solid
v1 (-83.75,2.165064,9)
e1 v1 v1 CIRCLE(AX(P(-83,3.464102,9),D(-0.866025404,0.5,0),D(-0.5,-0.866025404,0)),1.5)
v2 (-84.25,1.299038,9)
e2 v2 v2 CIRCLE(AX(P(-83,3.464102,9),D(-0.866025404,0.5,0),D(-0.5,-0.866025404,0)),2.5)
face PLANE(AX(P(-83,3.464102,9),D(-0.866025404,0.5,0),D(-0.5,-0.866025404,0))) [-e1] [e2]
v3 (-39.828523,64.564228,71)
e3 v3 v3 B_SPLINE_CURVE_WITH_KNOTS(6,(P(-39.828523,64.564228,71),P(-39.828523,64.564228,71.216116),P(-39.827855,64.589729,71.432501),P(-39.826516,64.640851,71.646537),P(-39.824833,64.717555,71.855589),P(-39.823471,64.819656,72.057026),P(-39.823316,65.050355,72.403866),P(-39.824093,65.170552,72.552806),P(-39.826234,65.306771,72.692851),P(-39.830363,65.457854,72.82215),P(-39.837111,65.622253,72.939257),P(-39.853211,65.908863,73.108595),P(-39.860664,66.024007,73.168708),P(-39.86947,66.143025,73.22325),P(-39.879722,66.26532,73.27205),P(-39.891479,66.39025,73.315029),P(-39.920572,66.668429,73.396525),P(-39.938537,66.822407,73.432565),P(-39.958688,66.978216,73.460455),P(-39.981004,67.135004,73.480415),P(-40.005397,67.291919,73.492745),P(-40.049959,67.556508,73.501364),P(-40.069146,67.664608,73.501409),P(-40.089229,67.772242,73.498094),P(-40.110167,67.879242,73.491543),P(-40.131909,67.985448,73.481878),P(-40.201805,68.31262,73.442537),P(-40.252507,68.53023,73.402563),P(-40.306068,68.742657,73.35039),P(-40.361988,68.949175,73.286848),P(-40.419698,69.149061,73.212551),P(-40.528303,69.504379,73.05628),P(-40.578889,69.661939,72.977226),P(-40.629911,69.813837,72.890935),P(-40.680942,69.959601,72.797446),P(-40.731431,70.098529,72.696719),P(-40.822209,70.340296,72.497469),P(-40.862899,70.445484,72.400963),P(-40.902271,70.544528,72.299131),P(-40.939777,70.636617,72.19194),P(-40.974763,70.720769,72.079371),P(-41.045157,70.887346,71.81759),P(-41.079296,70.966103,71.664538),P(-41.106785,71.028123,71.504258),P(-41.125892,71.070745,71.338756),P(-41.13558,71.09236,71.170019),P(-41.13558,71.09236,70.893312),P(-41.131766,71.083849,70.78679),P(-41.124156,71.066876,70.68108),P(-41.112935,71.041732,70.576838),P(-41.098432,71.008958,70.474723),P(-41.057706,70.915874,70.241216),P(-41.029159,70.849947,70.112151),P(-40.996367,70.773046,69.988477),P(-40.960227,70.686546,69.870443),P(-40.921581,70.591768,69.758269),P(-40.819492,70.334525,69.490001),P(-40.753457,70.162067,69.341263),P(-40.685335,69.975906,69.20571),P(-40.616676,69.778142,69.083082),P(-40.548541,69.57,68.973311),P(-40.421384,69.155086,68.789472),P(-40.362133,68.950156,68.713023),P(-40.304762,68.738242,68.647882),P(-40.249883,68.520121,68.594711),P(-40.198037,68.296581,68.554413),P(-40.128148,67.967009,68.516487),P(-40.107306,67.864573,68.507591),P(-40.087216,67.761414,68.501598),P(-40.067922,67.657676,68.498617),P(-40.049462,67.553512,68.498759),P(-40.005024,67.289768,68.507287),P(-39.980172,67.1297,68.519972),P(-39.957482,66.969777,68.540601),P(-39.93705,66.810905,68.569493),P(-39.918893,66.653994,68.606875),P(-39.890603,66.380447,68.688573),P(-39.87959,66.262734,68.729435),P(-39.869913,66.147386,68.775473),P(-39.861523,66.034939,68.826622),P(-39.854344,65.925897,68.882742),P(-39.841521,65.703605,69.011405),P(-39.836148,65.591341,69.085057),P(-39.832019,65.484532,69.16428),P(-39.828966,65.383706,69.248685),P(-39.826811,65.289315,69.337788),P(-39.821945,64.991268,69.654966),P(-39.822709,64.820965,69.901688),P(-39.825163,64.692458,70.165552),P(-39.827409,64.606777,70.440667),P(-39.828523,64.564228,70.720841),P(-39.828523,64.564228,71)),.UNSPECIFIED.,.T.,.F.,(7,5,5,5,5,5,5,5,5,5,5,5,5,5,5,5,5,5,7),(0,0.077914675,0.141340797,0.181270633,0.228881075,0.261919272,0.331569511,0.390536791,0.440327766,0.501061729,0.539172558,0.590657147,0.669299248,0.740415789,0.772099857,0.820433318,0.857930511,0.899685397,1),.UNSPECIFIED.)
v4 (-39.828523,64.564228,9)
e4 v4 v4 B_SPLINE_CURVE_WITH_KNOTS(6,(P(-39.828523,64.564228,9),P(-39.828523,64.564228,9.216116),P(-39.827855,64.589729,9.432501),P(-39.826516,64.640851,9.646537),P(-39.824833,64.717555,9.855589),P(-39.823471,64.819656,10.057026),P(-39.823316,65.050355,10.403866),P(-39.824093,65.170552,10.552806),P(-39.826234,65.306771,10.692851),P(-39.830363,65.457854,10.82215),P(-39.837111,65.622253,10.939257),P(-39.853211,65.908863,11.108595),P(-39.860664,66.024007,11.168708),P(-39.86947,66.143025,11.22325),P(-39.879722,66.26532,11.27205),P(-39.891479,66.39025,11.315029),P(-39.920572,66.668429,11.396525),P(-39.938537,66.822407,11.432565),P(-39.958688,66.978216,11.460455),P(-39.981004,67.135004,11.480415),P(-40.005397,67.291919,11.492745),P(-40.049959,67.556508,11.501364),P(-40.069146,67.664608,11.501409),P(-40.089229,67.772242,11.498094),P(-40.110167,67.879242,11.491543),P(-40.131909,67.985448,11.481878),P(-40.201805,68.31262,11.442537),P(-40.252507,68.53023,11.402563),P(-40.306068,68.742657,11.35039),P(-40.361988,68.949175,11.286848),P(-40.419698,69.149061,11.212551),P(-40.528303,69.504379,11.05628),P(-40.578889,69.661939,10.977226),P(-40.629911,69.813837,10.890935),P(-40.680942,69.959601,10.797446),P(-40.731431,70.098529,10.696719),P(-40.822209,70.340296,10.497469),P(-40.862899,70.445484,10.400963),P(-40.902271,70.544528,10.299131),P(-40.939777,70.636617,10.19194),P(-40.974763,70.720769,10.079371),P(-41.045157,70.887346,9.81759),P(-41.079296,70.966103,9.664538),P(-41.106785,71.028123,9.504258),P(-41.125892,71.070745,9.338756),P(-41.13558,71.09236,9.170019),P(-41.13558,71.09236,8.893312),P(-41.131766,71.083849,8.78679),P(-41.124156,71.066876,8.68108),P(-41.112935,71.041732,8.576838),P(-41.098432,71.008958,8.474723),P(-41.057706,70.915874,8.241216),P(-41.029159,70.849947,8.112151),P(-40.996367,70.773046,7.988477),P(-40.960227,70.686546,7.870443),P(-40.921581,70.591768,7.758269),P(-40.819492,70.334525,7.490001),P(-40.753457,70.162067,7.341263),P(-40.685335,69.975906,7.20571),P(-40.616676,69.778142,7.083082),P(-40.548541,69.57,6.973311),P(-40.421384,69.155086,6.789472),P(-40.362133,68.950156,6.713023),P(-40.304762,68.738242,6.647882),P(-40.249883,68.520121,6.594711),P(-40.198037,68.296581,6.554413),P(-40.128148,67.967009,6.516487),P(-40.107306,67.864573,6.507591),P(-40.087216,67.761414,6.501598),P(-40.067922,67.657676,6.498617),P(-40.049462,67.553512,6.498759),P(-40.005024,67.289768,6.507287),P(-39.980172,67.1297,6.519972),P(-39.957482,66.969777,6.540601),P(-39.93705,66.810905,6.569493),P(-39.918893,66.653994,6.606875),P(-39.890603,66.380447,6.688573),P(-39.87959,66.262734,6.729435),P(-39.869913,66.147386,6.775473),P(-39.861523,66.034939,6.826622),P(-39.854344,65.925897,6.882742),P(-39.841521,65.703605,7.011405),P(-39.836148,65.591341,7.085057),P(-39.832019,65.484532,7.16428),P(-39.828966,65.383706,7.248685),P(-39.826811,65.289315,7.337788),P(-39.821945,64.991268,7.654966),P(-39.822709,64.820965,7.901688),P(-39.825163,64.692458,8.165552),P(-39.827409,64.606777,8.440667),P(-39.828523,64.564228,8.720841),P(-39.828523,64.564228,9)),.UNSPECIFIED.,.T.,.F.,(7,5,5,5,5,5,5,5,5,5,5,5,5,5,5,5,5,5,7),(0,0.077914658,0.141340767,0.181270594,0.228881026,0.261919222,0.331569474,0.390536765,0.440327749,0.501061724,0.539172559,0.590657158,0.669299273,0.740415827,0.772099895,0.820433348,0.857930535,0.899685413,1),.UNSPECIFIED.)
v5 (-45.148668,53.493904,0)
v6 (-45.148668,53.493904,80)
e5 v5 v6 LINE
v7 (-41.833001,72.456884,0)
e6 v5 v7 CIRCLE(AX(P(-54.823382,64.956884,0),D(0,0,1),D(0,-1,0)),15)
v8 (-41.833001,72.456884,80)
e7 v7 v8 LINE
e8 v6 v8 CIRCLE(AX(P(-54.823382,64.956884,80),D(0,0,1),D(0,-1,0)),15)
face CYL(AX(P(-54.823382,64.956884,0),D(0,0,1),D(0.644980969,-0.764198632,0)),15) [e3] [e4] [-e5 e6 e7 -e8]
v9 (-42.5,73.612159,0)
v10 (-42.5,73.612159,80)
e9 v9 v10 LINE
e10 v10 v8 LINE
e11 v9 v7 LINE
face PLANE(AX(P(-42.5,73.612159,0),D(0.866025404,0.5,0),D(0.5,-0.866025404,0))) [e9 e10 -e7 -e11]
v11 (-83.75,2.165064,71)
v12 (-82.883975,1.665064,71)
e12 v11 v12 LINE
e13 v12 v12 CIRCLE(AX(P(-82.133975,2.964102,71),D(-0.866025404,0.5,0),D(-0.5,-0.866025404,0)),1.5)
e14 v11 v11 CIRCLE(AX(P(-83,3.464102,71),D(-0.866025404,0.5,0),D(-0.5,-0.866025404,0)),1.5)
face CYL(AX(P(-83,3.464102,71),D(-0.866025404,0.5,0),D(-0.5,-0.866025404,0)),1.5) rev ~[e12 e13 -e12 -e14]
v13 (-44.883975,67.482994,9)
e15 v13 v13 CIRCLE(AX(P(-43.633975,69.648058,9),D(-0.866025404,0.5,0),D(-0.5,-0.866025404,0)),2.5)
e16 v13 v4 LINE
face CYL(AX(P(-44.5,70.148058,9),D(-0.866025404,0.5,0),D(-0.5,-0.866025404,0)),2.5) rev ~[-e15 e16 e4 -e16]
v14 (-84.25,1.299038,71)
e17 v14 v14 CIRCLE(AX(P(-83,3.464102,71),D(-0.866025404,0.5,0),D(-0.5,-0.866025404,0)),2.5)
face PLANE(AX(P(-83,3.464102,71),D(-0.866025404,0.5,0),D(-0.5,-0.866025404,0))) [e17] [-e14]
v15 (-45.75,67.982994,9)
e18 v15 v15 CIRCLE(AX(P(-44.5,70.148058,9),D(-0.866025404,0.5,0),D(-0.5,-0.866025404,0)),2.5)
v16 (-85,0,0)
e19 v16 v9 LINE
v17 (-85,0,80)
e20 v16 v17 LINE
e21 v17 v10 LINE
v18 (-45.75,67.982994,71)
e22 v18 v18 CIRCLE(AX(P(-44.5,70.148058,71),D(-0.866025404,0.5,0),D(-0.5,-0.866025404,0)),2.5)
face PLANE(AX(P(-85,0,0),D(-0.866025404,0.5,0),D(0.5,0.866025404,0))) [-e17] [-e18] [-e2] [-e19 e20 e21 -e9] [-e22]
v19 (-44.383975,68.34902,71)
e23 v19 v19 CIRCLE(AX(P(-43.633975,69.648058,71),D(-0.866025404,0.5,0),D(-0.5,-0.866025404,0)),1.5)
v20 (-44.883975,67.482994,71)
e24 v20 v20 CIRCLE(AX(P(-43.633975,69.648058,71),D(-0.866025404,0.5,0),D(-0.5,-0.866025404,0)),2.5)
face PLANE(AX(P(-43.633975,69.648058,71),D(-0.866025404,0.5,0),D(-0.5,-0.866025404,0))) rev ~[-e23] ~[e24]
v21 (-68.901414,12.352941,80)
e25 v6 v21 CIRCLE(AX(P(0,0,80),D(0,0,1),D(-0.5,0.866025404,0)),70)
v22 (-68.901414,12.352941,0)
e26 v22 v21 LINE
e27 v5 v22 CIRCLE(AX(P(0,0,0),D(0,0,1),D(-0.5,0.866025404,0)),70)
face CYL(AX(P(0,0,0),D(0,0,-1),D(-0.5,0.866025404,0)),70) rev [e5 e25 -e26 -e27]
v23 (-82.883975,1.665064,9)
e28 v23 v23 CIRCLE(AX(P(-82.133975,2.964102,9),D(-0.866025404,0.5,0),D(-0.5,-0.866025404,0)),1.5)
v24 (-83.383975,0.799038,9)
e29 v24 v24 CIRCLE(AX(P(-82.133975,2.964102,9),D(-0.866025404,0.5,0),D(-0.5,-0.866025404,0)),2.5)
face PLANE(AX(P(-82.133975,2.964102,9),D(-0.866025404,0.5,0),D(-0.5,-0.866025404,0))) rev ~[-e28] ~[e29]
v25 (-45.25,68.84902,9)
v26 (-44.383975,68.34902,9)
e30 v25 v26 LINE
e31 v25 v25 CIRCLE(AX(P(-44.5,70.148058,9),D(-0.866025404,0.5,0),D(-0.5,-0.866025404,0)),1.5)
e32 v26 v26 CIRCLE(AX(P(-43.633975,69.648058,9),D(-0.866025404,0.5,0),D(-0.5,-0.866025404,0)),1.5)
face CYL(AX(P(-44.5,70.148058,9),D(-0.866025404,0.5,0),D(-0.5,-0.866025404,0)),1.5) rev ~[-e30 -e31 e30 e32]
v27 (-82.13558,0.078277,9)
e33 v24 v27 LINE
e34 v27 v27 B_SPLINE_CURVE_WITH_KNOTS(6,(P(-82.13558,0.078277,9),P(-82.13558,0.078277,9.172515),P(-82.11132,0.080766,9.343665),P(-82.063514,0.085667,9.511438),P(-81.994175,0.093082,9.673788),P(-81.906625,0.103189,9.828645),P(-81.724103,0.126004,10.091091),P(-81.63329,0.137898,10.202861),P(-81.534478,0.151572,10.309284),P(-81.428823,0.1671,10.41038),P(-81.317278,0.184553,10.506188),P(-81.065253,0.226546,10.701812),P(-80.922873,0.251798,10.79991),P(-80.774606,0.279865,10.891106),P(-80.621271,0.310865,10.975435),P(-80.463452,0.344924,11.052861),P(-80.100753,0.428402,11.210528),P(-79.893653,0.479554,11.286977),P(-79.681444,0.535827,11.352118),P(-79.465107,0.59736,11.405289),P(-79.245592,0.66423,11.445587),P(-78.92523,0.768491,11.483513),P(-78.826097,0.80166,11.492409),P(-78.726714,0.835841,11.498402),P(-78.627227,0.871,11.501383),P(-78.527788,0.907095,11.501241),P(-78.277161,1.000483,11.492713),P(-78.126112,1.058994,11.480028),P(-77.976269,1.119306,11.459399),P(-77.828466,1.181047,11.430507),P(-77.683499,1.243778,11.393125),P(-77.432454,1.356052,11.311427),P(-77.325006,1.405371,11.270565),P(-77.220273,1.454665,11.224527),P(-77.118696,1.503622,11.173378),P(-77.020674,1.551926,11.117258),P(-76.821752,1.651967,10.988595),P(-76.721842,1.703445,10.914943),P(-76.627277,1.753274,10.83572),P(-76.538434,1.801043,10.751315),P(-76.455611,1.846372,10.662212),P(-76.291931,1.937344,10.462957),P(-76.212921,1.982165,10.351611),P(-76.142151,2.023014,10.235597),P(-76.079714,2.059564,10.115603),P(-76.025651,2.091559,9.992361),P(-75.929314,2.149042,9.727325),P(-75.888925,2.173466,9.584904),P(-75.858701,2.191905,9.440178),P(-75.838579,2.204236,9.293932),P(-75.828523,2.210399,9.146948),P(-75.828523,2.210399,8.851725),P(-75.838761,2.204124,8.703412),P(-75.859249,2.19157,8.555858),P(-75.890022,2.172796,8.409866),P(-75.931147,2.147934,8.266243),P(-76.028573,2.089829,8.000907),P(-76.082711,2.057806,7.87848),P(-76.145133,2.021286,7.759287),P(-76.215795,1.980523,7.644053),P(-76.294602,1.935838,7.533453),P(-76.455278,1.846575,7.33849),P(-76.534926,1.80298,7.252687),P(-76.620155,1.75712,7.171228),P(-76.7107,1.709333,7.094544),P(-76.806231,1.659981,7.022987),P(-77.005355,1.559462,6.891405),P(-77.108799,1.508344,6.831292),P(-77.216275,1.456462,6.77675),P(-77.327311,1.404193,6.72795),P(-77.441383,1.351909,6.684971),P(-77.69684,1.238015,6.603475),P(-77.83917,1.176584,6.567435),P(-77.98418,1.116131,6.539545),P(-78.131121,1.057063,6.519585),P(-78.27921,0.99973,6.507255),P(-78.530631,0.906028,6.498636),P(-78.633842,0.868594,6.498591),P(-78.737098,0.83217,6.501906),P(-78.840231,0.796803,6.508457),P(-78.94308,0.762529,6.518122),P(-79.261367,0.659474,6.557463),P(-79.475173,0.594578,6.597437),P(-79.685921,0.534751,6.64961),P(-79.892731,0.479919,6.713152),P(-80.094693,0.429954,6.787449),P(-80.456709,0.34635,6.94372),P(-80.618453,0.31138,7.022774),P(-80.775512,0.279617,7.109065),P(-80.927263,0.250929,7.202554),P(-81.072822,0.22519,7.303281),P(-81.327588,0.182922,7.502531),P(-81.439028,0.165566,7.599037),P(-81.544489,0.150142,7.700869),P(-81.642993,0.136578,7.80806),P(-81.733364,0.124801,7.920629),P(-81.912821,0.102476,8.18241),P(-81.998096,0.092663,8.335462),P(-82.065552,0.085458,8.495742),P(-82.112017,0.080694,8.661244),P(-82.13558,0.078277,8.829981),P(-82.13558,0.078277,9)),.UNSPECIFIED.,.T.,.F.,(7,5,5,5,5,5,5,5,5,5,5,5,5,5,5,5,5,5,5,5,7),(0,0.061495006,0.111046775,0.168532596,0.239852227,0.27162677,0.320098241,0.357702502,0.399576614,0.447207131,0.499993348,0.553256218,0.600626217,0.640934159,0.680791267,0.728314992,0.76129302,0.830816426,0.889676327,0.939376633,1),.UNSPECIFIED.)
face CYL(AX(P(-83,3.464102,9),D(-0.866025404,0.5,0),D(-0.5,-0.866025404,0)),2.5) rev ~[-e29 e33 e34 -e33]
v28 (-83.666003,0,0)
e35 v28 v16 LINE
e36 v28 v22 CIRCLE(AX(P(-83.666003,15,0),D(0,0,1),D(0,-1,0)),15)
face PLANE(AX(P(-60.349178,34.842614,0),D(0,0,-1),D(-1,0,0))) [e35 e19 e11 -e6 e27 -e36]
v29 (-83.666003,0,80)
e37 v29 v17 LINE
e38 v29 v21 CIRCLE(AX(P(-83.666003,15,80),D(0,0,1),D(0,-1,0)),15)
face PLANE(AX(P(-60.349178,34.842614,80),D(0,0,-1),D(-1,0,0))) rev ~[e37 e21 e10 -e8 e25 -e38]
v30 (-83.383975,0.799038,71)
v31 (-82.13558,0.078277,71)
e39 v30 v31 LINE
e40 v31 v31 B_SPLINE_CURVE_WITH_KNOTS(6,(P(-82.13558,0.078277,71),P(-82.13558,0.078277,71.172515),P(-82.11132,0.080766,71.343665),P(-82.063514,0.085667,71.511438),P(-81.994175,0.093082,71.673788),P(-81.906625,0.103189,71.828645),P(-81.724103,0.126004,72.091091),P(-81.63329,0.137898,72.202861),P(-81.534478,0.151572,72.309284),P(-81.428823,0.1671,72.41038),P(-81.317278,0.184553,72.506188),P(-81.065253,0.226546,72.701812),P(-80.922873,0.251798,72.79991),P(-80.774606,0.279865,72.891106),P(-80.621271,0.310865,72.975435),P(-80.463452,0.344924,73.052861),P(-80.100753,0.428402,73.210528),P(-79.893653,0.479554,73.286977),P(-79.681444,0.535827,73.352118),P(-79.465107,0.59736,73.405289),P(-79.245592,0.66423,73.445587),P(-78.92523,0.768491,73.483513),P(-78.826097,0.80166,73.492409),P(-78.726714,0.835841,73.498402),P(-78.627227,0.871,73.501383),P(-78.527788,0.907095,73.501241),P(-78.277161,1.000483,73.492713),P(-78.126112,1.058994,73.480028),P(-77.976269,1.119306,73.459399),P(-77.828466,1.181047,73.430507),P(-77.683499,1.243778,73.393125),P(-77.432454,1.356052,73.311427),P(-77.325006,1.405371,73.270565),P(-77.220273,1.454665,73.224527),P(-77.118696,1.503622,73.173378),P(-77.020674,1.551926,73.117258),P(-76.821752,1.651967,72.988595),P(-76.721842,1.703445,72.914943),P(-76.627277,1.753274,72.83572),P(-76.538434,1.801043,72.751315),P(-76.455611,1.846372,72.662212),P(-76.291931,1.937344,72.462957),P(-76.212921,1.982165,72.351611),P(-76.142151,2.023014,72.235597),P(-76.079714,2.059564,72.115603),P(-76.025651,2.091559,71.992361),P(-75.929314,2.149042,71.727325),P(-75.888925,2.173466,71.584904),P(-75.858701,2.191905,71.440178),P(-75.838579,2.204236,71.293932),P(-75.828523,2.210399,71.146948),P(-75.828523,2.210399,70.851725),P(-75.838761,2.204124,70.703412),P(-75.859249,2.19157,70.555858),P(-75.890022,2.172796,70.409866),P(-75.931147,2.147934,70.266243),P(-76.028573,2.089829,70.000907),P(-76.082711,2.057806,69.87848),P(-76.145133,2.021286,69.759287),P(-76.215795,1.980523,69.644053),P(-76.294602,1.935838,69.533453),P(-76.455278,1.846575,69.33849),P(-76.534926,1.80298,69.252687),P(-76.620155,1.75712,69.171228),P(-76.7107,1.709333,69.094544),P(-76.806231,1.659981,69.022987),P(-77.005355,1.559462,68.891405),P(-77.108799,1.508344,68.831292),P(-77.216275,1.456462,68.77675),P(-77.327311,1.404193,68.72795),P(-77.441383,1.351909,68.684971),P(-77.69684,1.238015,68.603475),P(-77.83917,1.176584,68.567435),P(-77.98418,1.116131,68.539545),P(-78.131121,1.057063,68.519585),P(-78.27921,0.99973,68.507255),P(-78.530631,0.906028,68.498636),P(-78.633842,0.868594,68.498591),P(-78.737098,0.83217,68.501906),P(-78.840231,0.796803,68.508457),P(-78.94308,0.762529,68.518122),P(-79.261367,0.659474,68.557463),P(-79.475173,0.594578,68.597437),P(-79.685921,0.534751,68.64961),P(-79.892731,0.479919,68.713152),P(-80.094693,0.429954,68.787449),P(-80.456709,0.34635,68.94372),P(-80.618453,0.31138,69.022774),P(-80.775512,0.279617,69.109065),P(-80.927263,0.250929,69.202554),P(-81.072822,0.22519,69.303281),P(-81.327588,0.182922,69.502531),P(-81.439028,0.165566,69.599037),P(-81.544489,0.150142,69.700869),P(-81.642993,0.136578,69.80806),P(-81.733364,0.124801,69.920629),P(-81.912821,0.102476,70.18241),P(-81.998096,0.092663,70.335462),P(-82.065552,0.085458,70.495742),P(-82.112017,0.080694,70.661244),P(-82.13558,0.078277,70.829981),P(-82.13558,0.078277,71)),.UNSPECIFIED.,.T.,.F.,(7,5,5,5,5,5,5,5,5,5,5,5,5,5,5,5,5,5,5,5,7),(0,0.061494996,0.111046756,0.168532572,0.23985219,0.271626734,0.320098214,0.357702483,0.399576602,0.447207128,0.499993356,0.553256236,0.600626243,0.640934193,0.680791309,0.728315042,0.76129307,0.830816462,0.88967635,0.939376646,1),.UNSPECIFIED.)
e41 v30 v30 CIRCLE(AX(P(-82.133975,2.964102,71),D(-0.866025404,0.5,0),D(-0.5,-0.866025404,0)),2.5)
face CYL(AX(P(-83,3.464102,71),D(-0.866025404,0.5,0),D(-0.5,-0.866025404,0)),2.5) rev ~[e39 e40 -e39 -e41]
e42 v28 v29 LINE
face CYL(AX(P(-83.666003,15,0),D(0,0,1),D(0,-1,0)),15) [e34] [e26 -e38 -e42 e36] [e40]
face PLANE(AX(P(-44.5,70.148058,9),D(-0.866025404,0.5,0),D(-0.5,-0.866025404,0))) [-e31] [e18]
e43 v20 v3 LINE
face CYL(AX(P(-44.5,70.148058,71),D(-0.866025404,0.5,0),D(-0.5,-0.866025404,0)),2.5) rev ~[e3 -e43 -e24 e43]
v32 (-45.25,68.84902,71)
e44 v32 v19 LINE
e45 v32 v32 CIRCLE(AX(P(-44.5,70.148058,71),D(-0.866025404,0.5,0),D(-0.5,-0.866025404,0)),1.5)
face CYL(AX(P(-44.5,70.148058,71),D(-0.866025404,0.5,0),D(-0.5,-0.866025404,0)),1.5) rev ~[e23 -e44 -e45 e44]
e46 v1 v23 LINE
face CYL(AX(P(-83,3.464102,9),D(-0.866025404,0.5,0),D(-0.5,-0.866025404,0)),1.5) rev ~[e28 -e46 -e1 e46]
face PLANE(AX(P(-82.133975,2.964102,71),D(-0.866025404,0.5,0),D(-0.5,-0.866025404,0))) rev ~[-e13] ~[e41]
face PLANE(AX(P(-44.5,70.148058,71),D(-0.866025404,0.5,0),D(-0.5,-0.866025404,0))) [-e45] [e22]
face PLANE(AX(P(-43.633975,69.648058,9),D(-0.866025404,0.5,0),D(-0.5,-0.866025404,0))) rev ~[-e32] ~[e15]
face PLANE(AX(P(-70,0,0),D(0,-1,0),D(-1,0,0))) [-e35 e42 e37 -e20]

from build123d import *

# Parameters (mm, degrees)
BOSS_EXTRUDE1_DEPTH       = 80
FILLET1_R                 = 15
FILLET2_R                 = 15
SKETCH3_R                 = 2.5
CUT_EXTRUDE1_DEPTH        = 10
SKETCH3_2_R               = 2.5
BOSS_EXTRUDE2_DEPTH       = 1
SKETCH5_R                 = 1.5
CUT_EXTRUDE2_DEPTH        = 1
LPATTERN1_COUNT           = 2
LPATTERN1_PITCH           = 62
LPATTERN2_COUNT           = 2
LPATTERN2_PITCH           = 77
LPATTERN2_COPY_1_SKETCH_R = 2.5
LPATTERN2_COPY_1_DEPTH    = 10
LPATTERN2_COPY_2_SKETCH_R = 2.5
LPATTERN2_COPY_2_DEPTH    = 1
LPATTERN2_COPY_3_SKETCH_R = 1.5
LPATTERN2_COPY_3_DEPTH    = 1


with BuildPart() as part:
    # Sketch2 → Boss-Extrude1 (new body)
    with BuildSketch(Plane.XY):
        with BuildLine():
            Line((-70, 0), (-85, 0))
            Line((-85, 0), (-42.5, 73.612159322))
            Line((-42.5, 73.612159322), (-35, 60.621778265))
            ThreePointArc((-35, 60.621778265), (-60.621778265, 35), (-70, 0))
        make_face()
    extrude(amount=BOSS_EXTRUDE1_DEPTH)

    # Fillet1
    fillet1_edges = [part.edges().sort_by_distance(p)[0] for p in [
        (-70, 0, 40),
    ]]
    fillet(fillet1_edges, radius=FILLET1_R)

    # Fillet2
    fillet2_edges = [part.edges().sort_by_distance(p)[0] for p in [
        (-35, 60.621778265, 40),
    ]]
    fillet(fillet2_edges, radius=FILLET2_R)

    # Sketch3 → Cut-Extrude1 (cut)
    with BuildSketch(Plane(origin=(-63.75, 36.806079661, 0), x_dir=(0, 0, 1), z_dir=(-0.866025403784438, 0.5000000000000011, 0))):
        with Locations((9, 38.5)):
            Circle(SKETCH3_R)
    cut_extrude1 = extrude(amount=-CUT_EXTRUDE1_DEPTH, mode=Mode.SUBTRACT)

    # Sketch3<2> → Boss-Extrude2 (add)
    with BuildSketch(Plane(origin=(-63.75, 36.806079661, 0), x_dir=(0, 0, 1), z_dir=(-0.866025403784438, 0.5000000000000011, 0))):
        with Locations((9, 38.5)):
            Circle(SKETCH3_2_R)
    boss_extrude2 = extrude(amount=-BOSS_EXTRUDE2_DEPTH)

    # Sketch5 → Cut-Extrude2 (cut)
    with BuildSketch(Plane(origin=(-63.75, 36.806079661, 0), x_dir=(0, 0, 1), z_dir=(-0.866025403784438, 0.5000000000000011, 0))):
        with Locations((9, 38.5)):
            Circle(SKETCH5_R)
    cut_extrude2 = extrude(amount=-CUT_EXTRUDE2_DEPTH, mode=Mode.SUBTRACT)

    # LPattern1: Cut-Extrude1, Boss-Extrude2, Cut-Extrude2 ×2
    with Locations(*[(0, 0, i * LPATTERN1_PITCH) for i in range(1, LPATTERN1_COUNT)]):
        add(cut_extrude1, mode=Mode.SUBTRACT)
        add(boss_extrude2)
        add(cut_extrude2, mode=Mode.SUBTRACT)

    # LPattern2: Cut-Extrude1, Boss-Extrude2, Cut-Extrude2 ×2
    with Locations(*[Vector(-0.500000000000001, -0.866025403784438, 0) * (i * LPATTERN2_PITCH) for i in range(1, LPATTERN2_COUNT)]):
        add(cut_extrude1, mode=Mode.SUBTRACT)
        add(boss_extrude2)
        add(cut_extrude2, mode=Mode.SUBTRACT)

    # LPattern2 copy 1 sketch → LPattern2 copy 1 (cut)
    with BuildSketch(Plane(origin=(-102.25, -29.877876431, 62), x_dir=(0, 0, 1), z_dir=(-0.866025403784438, 0.5000000000000011, 0))):
        with Locations((9, 38.5)):
            Circle(LPATTERN2_COPY_1_SKETCH_R)
    extrude(amount=-LPATTERN2_COPY_1_DEPTH, mode=Mode.SUBTRACT)

    # LPattern2 copy 2 sketch → LPattern2 copy 2 (add)
    with BuildSketch(Plane(origin=(-102.25, -29.877876431, 62), x_dir=(0, 0, 1), z_dir=(-0.866025403784438, 0.5000000000000011, 0))):
        with Locations((9, 38.5)):
            Circle(LPATTERN2_COPY_2_SKETCH_R)
    extrude(amount=-LPATTERN2_COPY_2_DEPTH)

    # LPattern2 copy 3 sketch → LPattern2 copy 3 (cut)
    with BuildSketch(Plane(origin=(-102.25, -29.877876431, 62), x_dir=(0, 0, 1), z_dir=(-0.866025403784438, 0.5000000000000011, 0))):
        with Locations((9, 38.5)):
            Circle(LPATTERN2_COPY_3_SKETCH_R)
    extrude(amount=-LPATTERN2_COPY_3_DEPTH, mode=Mode.SUBTRACT)


solid = part.part
